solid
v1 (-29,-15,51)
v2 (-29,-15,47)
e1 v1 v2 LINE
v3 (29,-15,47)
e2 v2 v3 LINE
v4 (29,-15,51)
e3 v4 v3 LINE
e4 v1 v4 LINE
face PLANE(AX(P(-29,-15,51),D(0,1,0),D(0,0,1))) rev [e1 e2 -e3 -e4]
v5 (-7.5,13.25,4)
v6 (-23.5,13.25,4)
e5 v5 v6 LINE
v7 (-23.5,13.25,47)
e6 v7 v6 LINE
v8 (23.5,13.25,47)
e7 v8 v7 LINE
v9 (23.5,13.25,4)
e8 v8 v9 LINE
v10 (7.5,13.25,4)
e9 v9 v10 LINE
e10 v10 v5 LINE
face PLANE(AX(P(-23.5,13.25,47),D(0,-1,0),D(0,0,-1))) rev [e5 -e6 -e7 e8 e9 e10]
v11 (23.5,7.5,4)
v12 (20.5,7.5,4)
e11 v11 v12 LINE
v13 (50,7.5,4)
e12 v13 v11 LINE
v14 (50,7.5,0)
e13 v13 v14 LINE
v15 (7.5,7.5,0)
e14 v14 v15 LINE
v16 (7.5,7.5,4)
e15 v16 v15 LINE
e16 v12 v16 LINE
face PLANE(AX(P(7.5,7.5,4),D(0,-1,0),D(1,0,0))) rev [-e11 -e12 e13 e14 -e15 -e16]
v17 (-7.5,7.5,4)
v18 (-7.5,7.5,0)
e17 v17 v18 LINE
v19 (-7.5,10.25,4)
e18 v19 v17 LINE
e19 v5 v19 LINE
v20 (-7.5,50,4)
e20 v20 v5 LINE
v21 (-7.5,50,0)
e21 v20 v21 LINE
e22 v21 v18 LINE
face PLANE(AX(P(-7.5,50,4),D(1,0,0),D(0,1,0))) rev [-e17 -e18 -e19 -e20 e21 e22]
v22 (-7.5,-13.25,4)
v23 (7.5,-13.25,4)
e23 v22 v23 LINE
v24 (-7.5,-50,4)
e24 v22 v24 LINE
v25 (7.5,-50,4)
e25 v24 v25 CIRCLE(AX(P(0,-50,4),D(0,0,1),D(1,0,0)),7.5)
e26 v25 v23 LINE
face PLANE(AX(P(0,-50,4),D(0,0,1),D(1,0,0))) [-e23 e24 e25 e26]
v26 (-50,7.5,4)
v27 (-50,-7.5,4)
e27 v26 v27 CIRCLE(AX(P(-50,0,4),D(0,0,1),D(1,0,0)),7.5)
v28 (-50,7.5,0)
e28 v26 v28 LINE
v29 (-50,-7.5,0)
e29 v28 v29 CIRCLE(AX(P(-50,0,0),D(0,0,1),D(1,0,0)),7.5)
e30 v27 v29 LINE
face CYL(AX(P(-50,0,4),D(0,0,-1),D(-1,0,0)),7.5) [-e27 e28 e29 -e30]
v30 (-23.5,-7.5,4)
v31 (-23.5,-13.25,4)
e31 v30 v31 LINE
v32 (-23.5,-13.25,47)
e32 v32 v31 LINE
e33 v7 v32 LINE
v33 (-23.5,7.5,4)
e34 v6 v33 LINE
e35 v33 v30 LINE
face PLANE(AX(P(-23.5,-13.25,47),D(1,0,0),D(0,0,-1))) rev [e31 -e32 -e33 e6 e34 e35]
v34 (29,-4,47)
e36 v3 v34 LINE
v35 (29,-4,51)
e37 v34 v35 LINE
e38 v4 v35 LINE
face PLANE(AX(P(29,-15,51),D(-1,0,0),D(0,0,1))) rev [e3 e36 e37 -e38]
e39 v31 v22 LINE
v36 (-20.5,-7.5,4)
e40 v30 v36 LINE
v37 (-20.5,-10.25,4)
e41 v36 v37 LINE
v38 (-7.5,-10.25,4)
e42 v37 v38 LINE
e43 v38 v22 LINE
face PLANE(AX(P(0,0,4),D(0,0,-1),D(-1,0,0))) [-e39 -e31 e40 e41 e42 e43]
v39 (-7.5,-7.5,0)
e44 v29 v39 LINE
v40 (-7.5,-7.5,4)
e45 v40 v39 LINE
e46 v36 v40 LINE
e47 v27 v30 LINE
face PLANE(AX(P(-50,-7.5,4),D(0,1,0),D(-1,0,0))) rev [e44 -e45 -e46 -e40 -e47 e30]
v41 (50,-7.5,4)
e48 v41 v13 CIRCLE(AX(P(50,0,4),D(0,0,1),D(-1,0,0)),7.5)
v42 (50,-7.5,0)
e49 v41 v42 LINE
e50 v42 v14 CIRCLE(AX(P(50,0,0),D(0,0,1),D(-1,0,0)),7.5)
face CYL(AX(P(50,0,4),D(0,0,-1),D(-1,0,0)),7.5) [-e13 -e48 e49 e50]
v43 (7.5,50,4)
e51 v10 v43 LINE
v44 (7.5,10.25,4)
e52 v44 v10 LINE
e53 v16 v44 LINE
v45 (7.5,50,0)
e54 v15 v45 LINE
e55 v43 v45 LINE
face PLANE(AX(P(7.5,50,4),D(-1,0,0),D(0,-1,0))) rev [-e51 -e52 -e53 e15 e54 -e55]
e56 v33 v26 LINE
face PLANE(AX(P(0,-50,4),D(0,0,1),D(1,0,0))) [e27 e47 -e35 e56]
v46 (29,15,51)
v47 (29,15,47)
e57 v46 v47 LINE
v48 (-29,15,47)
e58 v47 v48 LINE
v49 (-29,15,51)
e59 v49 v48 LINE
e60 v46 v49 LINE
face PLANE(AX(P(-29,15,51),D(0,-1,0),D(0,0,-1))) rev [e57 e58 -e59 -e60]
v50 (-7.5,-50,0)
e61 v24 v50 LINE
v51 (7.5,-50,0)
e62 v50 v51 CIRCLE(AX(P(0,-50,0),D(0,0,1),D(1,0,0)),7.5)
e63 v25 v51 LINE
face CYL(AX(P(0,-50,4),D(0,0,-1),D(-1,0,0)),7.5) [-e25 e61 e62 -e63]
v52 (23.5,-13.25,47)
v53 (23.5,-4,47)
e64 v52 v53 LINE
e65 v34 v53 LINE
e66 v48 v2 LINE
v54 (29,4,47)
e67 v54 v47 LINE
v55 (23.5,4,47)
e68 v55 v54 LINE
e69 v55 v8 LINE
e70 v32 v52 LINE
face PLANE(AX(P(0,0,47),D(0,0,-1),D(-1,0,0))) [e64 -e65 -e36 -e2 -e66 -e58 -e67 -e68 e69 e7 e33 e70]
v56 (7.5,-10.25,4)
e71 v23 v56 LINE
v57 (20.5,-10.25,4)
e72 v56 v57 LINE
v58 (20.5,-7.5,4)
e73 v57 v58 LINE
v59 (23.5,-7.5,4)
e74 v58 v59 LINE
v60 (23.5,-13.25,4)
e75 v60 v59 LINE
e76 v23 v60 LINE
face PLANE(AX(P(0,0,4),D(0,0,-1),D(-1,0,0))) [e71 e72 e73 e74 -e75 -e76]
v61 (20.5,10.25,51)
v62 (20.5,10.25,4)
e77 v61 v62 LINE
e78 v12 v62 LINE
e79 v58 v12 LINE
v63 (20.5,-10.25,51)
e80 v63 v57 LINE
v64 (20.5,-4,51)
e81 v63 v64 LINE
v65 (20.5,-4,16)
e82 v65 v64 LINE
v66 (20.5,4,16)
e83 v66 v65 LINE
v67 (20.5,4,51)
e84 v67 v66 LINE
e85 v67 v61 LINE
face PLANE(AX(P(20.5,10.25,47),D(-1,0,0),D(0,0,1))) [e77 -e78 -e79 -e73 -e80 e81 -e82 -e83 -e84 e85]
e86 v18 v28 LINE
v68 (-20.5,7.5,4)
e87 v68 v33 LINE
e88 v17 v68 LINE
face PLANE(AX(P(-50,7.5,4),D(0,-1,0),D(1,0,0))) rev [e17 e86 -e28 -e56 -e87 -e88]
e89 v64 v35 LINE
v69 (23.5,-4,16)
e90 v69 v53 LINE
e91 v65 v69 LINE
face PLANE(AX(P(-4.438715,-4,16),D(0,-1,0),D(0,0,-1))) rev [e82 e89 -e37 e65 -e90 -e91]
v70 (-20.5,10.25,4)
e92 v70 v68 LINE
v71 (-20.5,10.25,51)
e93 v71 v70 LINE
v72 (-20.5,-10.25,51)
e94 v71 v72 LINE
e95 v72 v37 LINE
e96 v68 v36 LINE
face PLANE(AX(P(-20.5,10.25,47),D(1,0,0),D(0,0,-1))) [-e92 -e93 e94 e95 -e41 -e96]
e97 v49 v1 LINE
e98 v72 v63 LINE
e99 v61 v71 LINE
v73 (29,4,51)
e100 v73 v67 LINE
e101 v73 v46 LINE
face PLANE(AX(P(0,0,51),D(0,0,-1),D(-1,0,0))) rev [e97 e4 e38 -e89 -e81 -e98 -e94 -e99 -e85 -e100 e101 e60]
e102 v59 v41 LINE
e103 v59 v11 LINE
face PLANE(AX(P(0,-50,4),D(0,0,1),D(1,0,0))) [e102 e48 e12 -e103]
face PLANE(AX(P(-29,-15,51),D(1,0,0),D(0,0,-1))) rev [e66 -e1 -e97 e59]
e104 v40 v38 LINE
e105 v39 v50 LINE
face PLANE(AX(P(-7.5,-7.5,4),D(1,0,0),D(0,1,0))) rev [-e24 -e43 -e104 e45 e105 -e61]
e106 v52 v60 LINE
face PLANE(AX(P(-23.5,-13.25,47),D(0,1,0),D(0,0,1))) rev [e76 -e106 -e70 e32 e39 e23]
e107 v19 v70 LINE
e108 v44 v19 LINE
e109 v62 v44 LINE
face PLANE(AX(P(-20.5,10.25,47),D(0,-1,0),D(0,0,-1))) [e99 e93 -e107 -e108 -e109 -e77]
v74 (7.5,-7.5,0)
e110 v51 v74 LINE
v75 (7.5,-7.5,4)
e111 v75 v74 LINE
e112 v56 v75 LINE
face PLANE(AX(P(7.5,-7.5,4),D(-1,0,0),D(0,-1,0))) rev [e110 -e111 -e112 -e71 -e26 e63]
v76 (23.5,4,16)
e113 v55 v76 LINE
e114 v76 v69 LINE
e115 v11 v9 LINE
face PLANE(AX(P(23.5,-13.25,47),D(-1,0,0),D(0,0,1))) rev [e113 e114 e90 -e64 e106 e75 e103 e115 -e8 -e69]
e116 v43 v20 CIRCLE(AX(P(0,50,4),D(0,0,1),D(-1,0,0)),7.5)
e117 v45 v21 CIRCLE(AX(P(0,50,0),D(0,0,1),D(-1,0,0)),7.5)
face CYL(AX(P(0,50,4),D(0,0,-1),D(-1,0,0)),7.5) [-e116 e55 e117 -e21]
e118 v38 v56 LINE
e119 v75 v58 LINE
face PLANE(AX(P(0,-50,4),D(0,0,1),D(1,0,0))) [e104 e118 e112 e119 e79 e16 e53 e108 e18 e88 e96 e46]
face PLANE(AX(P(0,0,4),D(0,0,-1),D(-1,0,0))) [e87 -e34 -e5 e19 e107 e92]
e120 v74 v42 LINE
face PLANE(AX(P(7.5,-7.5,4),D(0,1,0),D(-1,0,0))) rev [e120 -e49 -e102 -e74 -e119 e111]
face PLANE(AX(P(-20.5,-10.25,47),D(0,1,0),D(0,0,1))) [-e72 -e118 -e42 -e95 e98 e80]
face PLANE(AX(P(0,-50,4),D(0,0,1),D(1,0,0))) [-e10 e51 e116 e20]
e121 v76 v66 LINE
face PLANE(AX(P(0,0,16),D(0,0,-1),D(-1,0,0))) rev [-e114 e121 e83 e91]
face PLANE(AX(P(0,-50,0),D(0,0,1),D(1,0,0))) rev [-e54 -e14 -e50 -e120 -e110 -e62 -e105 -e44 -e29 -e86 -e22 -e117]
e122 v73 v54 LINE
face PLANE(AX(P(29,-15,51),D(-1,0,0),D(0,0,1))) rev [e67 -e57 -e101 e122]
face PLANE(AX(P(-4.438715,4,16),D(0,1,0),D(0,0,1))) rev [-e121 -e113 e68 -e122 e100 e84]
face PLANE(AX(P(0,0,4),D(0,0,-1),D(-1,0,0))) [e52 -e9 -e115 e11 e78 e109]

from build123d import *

# Parameters (mm, degrees)
EXTRUDE_1_DEPTH     = 4
SKETCH_2_W          = 47
SKETCH_2_H          = 26.5
SKETCH_2_W_2        = 41
SKETCH_2_H_2        = 20.5
EXTRUDE_2_DEPTH     = 43
SKETCH_3_W          = 58
SKETCH_3_H          = 30
SKETCH_3_W_2        = 41
SKETCH_3_H_2        = 20.5
EXTRUDE_3_DEPTH     = 4
SKETCH_4_W          = 43.435998006
SKETCH_4_H          = 8
CUT_EXTRUDE_1_DEPTH = 35


with BuildPart() as part:
    # 草图1 → 凸台-拉伸1 (new body)
    with BuildSketch(Plane.XY):
        with BuildLine():
            Line((-7.5, 50), (-7.5, 7.5))
            Line((-7.5, 7.5), (-50, 7.5))
            ThreePointArc((-50, 7.5), (-57.5, 0), (-50, -7.5))
            Line((-50, -7.5), (-7.5, -7.5))
            Line((-7.5, -7.5), (-7.5, -50))
            ThreePointArc((-7.5, -50), (0, -57.5), (7.5, -50))
            Line((7.5, -50), (7.5, -7.5))
            Line((7.5, -7.5), (50, -7.5))
            ThreePointArc((50, -7.5), (57.5, 0), (50, 7.5))
            Line((50, 7.5), (7.5, 7.5))
            Line((7.5, 7.5), (7.5, 50))
            ThreePointArc((7.5, 50), (0, 57.5), (-7.5, 50))
        make_face()
    extrude(amount=EXTRUDE_1_DEPTH)

    # 草图2 → 凸台-拉伸2 (add)
    with BuildSketch(Plane.XY.offset(4)):
        Rectangle(SKETCH_2_W, SKETCH_2_H)
        Rectangle(SKETCH_2_W_2, SKETCH_2_H_2, mode=Mode.SUBTRACT)
    extrude(amount=EXTRUDE_2_DEPTH)

    # 草图3 → 凸台-拉伸3 (add)
    with BuildSketch(Plane.XY.offset(47)):
        Rectangle(SKETCH_3_W, SKETCH_3_H)
        Rectangle(SKETCH_3_W_2, SKETCH_3_H_2, mode=Mode.SUBTRACT)
    extrude(amount=EXTRUDE_3_DEPTH)

    # 草图4 → 切除-拉伸1 (cut)
    with BuildSketch(Plane.XY.offset(51)):
        with Locations((17.279283878, 0)):
            Rectangle(SKETCH_4_W, SKETCH_4_H)
    extrude(amount=-CUT_EXTRUDE_1_DEPTH, mode=Mode.SUBTRACT)


solid = part.part
